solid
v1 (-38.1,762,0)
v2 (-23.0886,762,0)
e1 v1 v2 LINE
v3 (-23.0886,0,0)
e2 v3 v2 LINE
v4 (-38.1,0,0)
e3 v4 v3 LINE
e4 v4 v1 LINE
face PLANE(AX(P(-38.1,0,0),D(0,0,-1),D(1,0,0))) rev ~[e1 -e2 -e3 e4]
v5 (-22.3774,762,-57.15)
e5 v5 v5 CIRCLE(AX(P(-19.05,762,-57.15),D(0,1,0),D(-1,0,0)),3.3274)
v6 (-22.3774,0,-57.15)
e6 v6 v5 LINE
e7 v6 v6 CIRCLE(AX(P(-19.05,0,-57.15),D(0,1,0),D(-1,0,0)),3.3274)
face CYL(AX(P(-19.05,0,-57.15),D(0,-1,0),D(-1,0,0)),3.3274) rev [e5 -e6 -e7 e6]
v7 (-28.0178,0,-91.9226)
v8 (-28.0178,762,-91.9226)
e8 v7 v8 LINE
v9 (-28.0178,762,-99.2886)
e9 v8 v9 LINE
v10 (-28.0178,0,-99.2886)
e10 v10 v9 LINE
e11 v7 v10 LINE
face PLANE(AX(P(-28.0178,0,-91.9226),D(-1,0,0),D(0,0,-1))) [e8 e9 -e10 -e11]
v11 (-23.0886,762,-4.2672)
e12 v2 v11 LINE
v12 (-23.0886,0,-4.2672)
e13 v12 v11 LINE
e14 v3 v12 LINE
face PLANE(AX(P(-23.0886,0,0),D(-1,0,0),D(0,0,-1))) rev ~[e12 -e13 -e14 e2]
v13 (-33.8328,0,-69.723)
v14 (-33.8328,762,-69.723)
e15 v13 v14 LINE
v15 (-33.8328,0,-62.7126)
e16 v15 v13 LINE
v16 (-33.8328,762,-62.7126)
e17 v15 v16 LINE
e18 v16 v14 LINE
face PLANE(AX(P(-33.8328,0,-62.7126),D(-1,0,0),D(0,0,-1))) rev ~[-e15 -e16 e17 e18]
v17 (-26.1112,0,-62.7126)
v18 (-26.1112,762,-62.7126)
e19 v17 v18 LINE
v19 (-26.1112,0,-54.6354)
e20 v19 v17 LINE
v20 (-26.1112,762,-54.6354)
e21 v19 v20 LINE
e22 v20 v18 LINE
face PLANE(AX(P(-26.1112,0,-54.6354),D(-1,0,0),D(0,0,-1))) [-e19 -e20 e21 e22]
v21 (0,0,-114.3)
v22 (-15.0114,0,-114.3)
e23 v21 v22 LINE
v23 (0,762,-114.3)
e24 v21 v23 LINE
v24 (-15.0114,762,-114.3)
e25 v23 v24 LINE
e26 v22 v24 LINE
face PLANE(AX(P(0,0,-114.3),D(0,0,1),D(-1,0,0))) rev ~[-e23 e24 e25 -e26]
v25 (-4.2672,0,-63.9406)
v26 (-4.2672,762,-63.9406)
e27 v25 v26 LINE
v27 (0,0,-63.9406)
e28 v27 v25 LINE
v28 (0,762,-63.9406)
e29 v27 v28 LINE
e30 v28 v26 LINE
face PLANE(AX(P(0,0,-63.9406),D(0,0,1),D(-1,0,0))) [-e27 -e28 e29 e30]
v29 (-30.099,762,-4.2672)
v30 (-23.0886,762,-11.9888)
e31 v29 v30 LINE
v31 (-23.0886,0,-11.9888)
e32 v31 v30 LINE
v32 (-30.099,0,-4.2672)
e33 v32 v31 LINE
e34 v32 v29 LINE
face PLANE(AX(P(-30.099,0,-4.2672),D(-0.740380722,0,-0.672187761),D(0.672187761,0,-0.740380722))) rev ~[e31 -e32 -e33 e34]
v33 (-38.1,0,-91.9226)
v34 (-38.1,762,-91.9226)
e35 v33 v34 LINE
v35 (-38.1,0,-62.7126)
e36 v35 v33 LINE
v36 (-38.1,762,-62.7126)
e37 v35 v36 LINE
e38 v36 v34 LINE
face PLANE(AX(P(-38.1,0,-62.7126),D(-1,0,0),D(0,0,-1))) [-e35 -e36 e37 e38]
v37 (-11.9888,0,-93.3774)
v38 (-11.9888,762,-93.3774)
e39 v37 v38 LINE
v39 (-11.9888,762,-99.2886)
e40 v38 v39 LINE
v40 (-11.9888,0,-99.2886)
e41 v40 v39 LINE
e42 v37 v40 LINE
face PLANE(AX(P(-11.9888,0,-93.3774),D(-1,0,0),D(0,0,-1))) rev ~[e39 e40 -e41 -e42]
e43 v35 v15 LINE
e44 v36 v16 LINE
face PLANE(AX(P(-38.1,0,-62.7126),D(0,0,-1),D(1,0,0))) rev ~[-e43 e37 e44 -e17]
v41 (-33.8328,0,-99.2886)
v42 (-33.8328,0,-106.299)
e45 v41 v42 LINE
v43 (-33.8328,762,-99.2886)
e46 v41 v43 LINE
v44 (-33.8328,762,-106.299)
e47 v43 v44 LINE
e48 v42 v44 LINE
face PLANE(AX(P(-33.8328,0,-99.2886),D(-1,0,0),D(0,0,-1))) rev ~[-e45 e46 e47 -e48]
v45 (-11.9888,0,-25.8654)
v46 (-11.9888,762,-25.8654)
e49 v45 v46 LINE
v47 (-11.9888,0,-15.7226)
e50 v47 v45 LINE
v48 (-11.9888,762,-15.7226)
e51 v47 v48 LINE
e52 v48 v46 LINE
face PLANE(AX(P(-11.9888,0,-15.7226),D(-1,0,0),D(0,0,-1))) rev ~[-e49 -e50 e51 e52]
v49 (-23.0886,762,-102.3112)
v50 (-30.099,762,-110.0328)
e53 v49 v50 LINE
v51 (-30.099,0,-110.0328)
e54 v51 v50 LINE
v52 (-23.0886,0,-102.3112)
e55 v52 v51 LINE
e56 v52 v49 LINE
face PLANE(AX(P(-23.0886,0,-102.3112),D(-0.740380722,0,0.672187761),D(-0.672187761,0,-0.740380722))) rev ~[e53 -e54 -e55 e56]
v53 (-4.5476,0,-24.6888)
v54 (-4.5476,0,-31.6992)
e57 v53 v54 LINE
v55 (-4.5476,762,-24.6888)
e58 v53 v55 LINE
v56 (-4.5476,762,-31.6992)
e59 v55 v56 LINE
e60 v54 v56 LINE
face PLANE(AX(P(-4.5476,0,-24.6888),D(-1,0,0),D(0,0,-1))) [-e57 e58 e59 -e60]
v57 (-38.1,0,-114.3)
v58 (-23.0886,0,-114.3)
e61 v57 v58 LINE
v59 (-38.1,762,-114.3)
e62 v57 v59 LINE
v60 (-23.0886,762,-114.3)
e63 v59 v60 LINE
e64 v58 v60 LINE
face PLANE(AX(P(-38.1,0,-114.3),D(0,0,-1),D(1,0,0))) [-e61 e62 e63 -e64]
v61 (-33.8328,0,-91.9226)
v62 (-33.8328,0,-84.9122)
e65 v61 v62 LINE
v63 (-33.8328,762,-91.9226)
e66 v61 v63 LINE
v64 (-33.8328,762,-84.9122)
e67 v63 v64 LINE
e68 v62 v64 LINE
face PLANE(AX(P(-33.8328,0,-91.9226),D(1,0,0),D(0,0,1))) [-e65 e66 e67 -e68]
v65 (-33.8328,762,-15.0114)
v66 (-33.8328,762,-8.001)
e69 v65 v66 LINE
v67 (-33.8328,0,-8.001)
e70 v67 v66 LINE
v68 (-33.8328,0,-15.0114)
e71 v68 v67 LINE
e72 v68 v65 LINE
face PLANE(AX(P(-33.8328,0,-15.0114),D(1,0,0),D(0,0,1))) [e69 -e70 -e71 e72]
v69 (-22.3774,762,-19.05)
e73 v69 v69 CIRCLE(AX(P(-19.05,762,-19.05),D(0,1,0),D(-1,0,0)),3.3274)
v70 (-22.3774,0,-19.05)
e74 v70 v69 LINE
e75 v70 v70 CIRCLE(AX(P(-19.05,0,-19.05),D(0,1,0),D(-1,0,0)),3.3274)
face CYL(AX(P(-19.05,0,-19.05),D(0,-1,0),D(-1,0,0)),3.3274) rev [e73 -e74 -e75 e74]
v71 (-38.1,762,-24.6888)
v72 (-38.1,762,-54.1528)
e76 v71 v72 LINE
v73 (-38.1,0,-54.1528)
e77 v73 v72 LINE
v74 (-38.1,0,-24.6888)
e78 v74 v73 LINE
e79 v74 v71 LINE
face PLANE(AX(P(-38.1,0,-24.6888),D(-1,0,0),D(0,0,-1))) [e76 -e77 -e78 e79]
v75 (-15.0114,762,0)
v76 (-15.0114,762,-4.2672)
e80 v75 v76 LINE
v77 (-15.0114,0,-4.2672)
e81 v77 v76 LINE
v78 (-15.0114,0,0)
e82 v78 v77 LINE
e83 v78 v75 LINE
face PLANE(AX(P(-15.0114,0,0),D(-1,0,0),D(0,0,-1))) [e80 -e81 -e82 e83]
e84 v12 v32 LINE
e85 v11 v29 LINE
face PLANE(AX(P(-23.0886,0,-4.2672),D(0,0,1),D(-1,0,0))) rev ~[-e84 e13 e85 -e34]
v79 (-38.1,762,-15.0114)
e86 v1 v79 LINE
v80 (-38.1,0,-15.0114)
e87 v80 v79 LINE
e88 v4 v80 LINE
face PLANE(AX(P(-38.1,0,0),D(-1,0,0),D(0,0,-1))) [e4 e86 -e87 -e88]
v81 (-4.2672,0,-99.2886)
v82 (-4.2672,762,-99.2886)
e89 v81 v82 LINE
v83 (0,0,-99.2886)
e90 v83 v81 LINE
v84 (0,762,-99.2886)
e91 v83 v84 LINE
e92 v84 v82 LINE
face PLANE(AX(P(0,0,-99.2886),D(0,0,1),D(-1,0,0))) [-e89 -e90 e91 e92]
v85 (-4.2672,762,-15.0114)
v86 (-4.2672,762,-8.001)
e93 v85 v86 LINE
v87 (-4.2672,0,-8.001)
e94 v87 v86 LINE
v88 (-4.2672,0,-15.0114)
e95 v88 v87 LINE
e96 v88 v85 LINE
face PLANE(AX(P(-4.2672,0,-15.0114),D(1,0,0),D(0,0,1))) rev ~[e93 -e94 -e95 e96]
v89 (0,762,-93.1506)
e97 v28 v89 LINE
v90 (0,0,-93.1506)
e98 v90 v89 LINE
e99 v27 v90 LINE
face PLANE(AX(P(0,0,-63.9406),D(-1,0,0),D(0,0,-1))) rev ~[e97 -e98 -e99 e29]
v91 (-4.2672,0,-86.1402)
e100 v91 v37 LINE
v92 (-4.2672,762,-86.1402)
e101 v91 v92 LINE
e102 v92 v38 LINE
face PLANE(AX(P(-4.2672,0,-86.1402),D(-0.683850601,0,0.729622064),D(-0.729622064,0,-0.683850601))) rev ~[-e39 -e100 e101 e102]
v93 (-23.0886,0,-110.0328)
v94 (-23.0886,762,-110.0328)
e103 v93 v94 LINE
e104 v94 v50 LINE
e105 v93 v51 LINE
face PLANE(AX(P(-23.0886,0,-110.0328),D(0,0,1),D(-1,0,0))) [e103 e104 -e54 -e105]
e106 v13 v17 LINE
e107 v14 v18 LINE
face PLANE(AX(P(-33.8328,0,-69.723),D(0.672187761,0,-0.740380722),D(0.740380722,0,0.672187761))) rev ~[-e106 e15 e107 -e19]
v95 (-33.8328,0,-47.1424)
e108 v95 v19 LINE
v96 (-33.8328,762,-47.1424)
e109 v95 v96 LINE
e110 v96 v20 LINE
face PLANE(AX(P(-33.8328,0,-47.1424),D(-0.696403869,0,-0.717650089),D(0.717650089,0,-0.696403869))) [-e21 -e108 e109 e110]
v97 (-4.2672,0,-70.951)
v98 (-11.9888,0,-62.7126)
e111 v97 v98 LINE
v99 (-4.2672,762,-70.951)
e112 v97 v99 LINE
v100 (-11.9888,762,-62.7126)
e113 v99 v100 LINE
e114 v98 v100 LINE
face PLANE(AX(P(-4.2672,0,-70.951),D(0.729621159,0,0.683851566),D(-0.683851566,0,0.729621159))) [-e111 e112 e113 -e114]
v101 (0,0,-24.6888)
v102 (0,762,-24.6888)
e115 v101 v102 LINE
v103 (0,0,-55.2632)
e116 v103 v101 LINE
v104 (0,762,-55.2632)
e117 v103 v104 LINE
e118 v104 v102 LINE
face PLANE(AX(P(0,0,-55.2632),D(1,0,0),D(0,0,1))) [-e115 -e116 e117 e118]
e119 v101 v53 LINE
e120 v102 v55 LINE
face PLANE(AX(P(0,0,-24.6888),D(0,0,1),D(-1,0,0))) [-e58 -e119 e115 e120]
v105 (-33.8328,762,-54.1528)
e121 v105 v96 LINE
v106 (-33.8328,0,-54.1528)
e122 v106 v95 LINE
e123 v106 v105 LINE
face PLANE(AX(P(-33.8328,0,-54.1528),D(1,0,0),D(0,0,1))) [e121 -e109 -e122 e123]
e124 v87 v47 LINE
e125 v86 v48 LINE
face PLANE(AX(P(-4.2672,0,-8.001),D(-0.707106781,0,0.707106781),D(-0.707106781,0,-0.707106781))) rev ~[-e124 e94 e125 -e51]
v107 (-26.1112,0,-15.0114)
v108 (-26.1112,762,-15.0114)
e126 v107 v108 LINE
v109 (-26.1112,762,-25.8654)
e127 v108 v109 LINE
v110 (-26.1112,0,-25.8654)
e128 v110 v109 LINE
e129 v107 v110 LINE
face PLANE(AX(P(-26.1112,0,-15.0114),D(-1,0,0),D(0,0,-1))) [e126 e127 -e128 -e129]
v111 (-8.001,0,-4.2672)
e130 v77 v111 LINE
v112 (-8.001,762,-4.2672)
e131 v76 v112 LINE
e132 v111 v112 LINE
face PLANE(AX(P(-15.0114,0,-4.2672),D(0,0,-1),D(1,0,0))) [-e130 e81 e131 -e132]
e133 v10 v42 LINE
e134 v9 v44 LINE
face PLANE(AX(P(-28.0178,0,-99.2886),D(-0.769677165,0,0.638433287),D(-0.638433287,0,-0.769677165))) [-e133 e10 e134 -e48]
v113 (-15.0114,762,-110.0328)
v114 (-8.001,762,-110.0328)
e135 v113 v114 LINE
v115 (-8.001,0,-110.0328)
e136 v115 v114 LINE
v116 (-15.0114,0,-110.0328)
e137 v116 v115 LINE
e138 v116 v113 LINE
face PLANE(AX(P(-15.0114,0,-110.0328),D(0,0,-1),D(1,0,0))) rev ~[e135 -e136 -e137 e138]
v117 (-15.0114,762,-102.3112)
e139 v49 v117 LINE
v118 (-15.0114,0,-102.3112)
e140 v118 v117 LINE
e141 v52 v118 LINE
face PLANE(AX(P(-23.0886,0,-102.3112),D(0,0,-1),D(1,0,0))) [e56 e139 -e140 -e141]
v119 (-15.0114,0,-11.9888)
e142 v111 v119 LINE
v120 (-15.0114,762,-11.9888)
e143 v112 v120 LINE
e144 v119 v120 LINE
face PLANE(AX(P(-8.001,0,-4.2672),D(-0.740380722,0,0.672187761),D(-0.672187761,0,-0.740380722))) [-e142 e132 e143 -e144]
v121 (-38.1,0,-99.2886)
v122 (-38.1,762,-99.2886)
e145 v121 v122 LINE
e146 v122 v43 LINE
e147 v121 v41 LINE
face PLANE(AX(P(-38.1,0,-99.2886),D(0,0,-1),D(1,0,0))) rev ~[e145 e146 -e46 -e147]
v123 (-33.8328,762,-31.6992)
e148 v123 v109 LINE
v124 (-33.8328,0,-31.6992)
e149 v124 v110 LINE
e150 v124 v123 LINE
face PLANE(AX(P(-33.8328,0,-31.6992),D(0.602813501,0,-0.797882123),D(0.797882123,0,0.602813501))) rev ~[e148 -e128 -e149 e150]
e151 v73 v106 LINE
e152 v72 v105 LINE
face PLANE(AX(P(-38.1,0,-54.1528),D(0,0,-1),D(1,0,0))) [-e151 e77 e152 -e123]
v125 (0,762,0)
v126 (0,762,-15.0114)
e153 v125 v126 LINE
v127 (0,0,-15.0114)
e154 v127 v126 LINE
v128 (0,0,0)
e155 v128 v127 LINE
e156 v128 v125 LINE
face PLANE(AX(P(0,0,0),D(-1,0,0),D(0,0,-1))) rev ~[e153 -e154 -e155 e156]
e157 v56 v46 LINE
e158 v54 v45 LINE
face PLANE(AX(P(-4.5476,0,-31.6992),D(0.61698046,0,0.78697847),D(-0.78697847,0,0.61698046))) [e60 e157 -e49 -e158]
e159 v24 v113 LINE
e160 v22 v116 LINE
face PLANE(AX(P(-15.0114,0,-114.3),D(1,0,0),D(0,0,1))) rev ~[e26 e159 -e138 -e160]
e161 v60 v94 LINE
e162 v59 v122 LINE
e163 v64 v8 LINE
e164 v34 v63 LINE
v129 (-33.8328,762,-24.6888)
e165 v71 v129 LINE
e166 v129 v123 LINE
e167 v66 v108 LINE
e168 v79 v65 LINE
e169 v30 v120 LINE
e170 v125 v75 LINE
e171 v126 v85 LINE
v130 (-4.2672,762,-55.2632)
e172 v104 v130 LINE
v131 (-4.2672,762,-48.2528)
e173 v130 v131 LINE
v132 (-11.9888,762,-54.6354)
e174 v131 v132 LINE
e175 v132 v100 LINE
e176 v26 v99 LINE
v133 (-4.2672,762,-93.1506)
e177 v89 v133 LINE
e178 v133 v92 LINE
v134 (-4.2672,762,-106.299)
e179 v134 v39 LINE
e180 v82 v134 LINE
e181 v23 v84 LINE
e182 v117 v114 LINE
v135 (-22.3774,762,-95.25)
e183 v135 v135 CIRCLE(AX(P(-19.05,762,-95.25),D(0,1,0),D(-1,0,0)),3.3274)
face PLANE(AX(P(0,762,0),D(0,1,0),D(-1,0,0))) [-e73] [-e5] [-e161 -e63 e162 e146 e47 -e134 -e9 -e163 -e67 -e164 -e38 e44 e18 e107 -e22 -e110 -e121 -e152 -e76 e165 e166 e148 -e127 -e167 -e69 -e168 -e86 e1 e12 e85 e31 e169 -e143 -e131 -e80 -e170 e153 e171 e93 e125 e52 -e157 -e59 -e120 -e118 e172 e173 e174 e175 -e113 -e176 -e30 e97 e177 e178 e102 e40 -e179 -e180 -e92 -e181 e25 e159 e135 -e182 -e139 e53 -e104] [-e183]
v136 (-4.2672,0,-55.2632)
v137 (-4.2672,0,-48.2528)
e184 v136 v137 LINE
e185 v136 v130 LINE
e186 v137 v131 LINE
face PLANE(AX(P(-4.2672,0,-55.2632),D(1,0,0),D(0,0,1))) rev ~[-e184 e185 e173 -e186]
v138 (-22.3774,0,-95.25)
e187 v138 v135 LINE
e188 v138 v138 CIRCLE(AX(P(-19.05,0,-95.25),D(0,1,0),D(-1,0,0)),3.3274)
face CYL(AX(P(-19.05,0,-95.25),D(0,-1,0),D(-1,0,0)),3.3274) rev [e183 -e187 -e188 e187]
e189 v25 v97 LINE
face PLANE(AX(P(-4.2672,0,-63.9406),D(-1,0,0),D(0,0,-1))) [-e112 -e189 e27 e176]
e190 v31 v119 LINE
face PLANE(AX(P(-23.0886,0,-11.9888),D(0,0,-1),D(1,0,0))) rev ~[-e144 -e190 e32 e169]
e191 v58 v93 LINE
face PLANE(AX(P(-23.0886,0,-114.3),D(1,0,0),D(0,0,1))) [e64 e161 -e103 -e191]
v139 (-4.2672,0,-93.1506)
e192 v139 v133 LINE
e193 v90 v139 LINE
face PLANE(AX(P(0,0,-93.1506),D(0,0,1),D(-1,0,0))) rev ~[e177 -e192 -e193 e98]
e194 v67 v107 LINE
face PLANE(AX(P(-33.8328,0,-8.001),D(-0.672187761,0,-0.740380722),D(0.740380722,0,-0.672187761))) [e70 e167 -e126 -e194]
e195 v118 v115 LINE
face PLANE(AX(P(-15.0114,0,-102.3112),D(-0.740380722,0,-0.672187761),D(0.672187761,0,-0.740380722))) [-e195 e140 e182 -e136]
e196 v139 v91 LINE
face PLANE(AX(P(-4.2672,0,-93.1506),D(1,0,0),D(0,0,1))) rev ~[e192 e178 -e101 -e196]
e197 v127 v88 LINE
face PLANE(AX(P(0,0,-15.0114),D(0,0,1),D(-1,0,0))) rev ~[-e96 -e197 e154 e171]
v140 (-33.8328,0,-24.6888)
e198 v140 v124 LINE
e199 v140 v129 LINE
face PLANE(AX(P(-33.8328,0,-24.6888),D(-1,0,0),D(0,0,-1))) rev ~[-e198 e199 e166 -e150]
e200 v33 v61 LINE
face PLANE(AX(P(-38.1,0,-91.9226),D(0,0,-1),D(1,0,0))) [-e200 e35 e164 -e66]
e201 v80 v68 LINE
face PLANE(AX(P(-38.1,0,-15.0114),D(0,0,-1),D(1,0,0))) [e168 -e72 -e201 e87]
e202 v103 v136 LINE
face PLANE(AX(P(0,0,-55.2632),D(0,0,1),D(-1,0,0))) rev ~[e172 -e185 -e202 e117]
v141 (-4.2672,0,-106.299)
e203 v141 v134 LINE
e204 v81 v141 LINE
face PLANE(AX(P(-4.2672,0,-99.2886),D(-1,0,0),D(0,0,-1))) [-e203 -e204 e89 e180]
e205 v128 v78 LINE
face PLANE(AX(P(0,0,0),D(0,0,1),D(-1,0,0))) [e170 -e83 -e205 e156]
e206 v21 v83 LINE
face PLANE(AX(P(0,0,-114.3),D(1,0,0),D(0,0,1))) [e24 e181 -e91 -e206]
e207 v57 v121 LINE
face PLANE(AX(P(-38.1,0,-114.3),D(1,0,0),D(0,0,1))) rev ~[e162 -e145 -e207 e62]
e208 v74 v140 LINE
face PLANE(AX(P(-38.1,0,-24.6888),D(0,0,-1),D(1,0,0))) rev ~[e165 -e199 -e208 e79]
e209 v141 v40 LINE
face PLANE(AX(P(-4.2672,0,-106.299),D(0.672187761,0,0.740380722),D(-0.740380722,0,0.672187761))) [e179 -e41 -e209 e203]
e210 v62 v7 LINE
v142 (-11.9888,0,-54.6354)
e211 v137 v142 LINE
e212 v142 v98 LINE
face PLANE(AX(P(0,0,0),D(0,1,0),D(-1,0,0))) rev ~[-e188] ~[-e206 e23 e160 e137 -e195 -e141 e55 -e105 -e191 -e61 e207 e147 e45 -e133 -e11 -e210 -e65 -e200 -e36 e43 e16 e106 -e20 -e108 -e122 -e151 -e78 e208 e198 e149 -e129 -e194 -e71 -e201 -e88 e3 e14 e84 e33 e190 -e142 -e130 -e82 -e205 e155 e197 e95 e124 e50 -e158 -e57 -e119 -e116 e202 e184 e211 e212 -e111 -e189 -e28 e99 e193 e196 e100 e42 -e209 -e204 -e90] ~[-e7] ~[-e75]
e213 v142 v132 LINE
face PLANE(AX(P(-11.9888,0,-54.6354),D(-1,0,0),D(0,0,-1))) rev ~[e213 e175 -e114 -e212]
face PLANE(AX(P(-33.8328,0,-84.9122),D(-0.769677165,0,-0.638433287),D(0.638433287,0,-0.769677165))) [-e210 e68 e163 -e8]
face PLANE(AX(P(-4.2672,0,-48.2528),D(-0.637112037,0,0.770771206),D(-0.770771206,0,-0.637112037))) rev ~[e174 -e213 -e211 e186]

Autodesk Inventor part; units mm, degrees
ref_plane "YZ Plane" through (0, 0, 0) normal (1, 0, 0) x (0, 1, 0)
ref_plane "XZ Plane" through (0, 0, 0) normal (0, 1, 0) x (-1, 0, 0)
ref_plane "XY Plane" through (0, 0, 0) normal (0, 0, 1) x (1, 0, 0)
sketch "Sketch1" plane through (0, 0, 0) normal (0, 1, 0) x (-1, 0, 0)
  circle A0 centre (19.05, -19.05) radius 3.3274
  circle A1 centre (19.05, -57.15) radius 3.3274
  circle A2 centre (19.05, -95.25) radius 3.3274
  line L0 (0, 0) -> (15.0114, 0)
  line L1 (15.0114, 0) -> (15.0114, -4.2672)
  line L2 (15.0114, -4.2672) -> (8.001, -4.2672)
  line L3 (38.1, 0) -> (23.0886, 0)
  line L4 (23.0886, 0) -> (23.0886, -4.2672)
  line L5 (23.0886, -4.2672) -> (30.099, -4.2672)
  line L6 (8.001, -4.2672) -> (15.0114, -11.9888)
  line L7 (30.099, -4.2672) -> (23.0886, -11.9888)
  line L8 (23.0886, -11.9888) -> (15.0114, -11.9888)
  line L9 (38.1, 0) -> (38.1, -15.0114)
  line L10 (38.1, -15.0114) -> (33.8328, -15.0114)
  line L11 (33.8328, -15.0114) -> (33.8328, -8.001)
  line L12 (26.1112, -15.0114) -> (26.1112, -25.8654)
  line L13 (33.8328, -8.001) -> (26.1112, -15.0114)
  line L14 (38.1, -24.6888) -> (33.8328, -24.6888)
  line L15 (33.8328, -24.6888) -> (33.8328, -31.6992)
  line L16 (33.8328, -31.6992) -> (26.1112, -25.8654)
  line L17 (38.1, -114.3) -> (38.1, -99.2886)
  line L18 (38.1, -99.2886) -> (33.8328, -99.2886)
  line L19 (33.8328, -99.2886) -> (33.8328, -106.299)
  line L20 (38.1, -114.3) -> (23.0886, -114.3)
  line L21 (23.0886, -114.3) -> (23.0886, -110.0328)
  line L22 (23.0886, -110.0328) -> (30.099, -110.0328)
  line L23 (0, -114.3) -> (15.0114, -114.3)
  line L24 (15.0114, -114.3) -> (15.0114, -110.0328)
  line L25 (15.0114, -110.0328) -> (8.001, -110.0328)
  line L26 (23.0886, -102.3112) -> (15.0114, -102.3112)
  line L27 (23.0886, -102.3112) -> (30.099, -110.0328)
  line L28 (15.0114, -102.3112) -> (8.001, -110.0328)
  line L29 (38.1, -24.6888) -> (38.1, -54.1528)
  line L30 (38.1, -54.1528) -> (33.8328, -54.1528)
  line L31 (33.8328, -54.1528) -> (33.8328, -47.1424)
  line L32 (26.1112, -54.6354) -> (26.1112, -62.7126)
  line L33 (33.8328, -47.1424) -> (26.1112, -54.6354)
  line L34 (38.1, -62.7126) -> (33.8328, -62.7126)
  line L35 (33.8328, -62.7126) -> (33.8328, -69.723)
  line L36 (33.8328, -69.723) -> (26.1112, -62.7126)
  line L37 (38.1, -91.9226) -> (33.8328, -91.9226)
  line L38 (33.8328, -91.9226) -> (33.8328, -84.9122)
  line L39 (38.1, -62.7126) -> (38.1, -91.9226)
  line L40 (28.0178, -91.9226) -> (28.0178, -99.2886)
  line L41 (28.0178, -99.2886) -> (33.8328, -106.299)
  line L42 (33.8328, -84.9122) -> (28.0178, -91.9226)
  line L43 (11.9888, -54.6354) -> (11.9888, -62.7126)
  line L44 (11.9888, -93.3774) -> (11.9888, -99.2886)
  line L45 (0, 0) -> (0, -15.0114)
  line L46 (0, -15.0114) -> (4.2672, -15.0114)
  line L47 (4.2672, -15.0114) -> (4.2672, -8.001)
  line L48 (11.9888, -15.7226) -> (11.9888, -25.8654)
  line L49 (4.2672, -8.001) -> (11.9888, -15.7226)
  line L50 (0, -114.3) -> (0, -99.2886)
  line L51 (0, -99.2886) -> (4.2672, -99.2886)
  line L52 (4.2672, -99.2886) -> (4.2672, -106.299)
  line L53 (4.2672, -106.299) -> (11.9888, -99.2886)
  line L54 (0, -63.9406) -> (0, -93.1506)
  line L55 (0, -93.1506) -> (4.2672, -93.1506)
  line L56 (4.2672, -93.1506) -> (4.2672, -86.1402)
  line L57 (4.2672, -86.1402) -> (11.9888, -93.3774)
  line L58 (0, -63.9406) -> (4.2672, -63.9406)
  line L59 (4.2672, -63.9406) -> (4.2672, -70.951)
  line L60 (4.2672, -70.951) -> (11.9888, -62.7126)
  line L61 (0, -55.2632) -> (0, -24.6888)
  line L62 (0, -24.6888) -> (4.5476, -24.6888)
  line L63 (4.5476, -24.6888) -> (4.5476, -31.6992)
  line L64 (4.5476, -31.6992) -> (11.9888, -25.8654)
  line L65 (0, -55.2632) -> (4.2672, -55.2632)
  line L66 (4.2672, -55.2632) -> (4.2672, -48.2528)
  line L67 (4.2672, -48.2528) -> (11.9888, -54.6354)
  dimension "d0" = 38.1
  dimension "d1" = 114.3
  dimension "d2" = 6.6548
  dimension "d3" = 6.6548
  dimension "d4" = 6.6548
  dimension "d11" = 15.0114
  dimension "d12" = 4.2672
  dimension "d14" = 15.0114
  dimension "d15" = 7.0104
  dimension "d19" = 15.0114
  dimension "d20" = 4.2672
  dimension "d21" = 7.0104
  dimension "d22" = 11.9888
  dimension "d23" = 4.2672
  dimension "d24" = 7.0104
  dimension "d25" = 9.6774
  dimension "d26" = 15.0114
  dimension "d27" = 7.0104
  dimension "d28" = 15.0114
  dimension "d29" = 4.2672
  dimension "d30" = 7.0104
  dimension "d31" = 15.0114
  dimension "d32" = 7.0104
  dimension "d33" = 11.9888
  dimension "d34" = 29.464
  dimension "d35" = 7.0104
  dimension "d36" = 8.0772
  dimension "d37" = 11.9888
  dimension "d38" = 7.0104
  dimension "d39" = 7.0104
  dimension "d40" = 15.0114
  dimension "d41" = 4.2672
  dimension "d42" = 7.0104
  dimension "d43" = 11.9888
  dimension "d44" = 11.9888
  dimension "d45" = 11.9888
  dimension "d46" = 15.0114
  dimension "d47" = 4.2672
  dimension "d48" = 7.0104
  dimension "d49" = 7.0104
  dimension "d50" = 4.2672
  dimension "d51" = 7.0104
  dimension "d52" = 29.21
  dimension "d53" = 29.21
  dimension "d54" = 7.0104
  dimension "d55" = 4.2672
  dimension "d56" = 7.0104
extrude "Extrusion1" add sketch "Sketch1" along normal blind 762
properties part number "1545rail_30inch"
